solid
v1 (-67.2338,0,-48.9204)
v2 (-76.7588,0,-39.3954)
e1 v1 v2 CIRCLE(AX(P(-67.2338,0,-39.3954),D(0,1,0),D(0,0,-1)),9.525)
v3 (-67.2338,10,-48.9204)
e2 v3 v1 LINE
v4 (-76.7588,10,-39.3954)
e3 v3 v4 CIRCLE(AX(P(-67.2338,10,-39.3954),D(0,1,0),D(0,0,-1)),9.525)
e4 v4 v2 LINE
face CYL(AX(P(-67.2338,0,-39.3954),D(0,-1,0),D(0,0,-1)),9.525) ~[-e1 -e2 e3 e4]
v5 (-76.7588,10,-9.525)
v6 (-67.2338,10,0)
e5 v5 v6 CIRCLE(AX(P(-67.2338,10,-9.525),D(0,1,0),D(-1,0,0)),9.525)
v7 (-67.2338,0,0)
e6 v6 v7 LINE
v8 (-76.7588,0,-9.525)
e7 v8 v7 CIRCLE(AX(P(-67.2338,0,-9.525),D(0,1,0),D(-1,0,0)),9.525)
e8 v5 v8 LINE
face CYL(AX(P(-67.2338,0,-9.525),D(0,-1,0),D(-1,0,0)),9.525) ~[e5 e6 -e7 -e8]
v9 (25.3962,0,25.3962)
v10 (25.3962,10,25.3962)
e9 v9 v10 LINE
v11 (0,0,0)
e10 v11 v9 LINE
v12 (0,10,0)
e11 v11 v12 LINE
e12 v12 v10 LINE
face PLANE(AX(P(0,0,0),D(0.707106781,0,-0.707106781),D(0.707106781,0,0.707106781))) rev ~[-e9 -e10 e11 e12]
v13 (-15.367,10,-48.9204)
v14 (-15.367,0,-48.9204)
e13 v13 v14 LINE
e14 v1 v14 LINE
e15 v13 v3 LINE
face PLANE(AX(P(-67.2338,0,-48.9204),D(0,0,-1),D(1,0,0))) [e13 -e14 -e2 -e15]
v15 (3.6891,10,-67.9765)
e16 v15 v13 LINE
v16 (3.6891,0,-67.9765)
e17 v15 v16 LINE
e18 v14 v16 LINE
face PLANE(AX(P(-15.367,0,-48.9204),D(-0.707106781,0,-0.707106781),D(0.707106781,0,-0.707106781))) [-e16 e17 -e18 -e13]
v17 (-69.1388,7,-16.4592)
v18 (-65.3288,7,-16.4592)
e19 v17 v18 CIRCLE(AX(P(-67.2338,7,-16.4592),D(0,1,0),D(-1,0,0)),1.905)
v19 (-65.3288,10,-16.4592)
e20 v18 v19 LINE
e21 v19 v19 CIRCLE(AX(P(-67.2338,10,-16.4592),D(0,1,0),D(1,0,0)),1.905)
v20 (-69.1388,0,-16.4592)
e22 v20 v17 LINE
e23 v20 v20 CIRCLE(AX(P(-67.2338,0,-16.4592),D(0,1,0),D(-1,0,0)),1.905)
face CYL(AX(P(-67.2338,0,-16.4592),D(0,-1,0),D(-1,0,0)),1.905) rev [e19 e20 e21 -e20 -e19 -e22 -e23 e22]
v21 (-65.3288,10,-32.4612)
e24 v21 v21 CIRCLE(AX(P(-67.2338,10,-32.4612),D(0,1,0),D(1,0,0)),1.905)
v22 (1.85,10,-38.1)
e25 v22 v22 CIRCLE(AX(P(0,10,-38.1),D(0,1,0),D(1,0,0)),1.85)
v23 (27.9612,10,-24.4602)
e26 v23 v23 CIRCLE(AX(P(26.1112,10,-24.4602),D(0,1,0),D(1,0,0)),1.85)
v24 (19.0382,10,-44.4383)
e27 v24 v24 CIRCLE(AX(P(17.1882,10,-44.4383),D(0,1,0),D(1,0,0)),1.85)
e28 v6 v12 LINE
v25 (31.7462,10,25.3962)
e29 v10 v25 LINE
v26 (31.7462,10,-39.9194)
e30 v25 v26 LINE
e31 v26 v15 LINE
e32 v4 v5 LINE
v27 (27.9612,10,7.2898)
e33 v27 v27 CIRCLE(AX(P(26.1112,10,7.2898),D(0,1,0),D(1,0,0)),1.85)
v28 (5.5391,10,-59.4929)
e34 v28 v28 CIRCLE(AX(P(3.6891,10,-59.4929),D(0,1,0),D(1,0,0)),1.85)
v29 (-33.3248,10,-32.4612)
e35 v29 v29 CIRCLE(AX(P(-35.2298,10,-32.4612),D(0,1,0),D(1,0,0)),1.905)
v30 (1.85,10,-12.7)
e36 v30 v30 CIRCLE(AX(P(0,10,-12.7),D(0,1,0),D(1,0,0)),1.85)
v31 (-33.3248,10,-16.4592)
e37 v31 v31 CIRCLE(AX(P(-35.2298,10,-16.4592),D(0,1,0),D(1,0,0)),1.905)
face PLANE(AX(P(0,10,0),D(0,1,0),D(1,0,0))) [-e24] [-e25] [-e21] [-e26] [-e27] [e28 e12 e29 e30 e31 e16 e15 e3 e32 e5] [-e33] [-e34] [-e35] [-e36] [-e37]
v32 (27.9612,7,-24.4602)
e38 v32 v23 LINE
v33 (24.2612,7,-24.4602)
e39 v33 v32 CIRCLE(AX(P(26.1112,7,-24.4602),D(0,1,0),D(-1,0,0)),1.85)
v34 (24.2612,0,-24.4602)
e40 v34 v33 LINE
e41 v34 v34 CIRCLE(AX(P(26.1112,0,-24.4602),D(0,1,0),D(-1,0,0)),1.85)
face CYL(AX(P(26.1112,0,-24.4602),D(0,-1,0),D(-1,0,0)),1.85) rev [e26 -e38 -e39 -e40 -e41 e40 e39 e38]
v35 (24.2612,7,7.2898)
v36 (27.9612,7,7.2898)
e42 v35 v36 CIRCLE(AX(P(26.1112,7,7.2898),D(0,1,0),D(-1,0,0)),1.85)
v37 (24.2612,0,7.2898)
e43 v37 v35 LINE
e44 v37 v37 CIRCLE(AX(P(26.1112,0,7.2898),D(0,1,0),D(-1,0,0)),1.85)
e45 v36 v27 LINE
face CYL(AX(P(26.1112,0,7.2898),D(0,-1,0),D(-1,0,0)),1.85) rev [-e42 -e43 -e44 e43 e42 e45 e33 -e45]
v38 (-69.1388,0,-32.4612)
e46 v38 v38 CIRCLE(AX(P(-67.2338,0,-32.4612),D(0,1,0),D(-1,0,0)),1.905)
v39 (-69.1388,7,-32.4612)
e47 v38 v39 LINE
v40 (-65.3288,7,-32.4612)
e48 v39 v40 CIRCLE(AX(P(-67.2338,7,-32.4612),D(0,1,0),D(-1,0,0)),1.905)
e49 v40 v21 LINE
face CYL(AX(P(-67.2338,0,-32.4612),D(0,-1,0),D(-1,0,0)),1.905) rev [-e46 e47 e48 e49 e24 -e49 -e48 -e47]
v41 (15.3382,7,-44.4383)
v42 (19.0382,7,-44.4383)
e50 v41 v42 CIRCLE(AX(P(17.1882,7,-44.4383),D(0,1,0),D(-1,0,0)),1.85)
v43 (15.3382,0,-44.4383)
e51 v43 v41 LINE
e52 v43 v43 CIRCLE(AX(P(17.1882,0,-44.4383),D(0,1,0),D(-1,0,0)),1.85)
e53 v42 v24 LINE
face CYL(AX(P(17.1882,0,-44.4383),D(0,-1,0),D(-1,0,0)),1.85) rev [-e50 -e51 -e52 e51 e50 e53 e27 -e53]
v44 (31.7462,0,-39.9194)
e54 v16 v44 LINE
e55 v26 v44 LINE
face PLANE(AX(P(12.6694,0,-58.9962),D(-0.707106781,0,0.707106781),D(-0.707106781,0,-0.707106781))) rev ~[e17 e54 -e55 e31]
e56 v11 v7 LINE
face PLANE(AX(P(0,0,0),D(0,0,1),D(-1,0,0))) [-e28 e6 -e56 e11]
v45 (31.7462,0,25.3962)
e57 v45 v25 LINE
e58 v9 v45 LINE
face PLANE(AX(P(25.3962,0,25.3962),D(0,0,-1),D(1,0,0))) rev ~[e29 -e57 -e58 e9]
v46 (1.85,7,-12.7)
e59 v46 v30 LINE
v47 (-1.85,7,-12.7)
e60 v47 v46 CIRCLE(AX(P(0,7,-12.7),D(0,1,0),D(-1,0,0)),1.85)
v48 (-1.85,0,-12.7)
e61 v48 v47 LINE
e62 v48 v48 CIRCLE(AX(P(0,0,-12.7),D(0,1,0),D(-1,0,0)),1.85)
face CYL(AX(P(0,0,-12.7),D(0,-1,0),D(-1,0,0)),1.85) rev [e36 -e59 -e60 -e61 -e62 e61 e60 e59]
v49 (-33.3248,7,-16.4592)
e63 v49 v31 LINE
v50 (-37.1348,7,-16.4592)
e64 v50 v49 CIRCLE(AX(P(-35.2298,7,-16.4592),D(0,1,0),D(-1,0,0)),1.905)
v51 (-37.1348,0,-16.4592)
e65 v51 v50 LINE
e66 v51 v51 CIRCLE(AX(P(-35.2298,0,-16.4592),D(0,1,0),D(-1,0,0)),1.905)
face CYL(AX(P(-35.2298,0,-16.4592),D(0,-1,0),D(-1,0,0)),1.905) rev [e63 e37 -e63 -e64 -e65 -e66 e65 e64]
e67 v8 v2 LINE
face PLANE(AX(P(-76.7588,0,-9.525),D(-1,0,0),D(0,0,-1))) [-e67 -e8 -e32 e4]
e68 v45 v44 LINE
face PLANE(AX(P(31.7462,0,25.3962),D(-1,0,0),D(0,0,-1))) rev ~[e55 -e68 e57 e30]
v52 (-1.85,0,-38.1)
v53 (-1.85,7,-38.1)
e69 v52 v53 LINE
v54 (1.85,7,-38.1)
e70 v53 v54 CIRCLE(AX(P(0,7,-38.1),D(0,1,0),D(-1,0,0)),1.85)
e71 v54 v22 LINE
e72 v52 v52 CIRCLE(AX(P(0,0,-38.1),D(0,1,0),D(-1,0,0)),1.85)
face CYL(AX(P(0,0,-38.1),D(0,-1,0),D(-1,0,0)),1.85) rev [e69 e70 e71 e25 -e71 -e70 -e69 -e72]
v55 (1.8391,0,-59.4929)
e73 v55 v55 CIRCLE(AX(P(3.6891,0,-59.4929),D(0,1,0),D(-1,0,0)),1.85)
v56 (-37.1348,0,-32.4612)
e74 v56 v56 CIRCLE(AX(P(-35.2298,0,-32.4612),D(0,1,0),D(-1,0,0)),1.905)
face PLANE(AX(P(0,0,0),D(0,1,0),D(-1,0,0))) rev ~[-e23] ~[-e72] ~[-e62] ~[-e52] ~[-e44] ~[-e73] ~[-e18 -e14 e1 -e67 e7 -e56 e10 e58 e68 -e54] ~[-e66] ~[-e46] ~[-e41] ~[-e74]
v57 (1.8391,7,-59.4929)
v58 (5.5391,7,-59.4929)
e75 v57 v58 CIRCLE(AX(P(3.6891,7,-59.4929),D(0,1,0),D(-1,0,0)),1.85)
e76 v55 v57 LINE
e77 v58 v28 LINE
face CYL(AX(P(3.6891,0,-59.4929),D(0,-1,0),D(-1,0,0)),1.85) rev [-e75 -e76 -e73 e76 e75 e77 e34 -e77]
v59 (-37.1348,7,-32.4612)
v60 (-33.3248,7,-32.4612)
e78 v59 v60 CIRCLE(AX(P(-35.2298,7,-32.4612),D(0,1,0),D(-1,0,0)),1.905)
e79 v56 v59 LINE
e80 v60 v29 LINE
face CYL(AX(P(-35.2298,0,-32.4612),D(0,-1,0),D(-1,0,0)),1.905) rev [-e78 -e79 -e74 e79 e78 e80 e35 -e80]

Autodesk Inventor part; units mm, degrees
ref_plane "YZ Plane" through (0, 0, 0) normal (1, 0, 0) x (0, 1, 0)
ref_plane "XZ Plane" through (0, 0, 0) normal (0, 1, 0) x (-1, 0, 0)
ref_plane "XY Plane" through (0, 0, 0) normal (0, 0, 1) x (1, 0, 0)
sketch "Sketch1" plane through (0, 0, 0) normal (0, 1, 0) x (-1, 0, 0)
  line L0 (0, 0) -> (67.2338, 0)
  arc A0 (76.7588, -9.525) -> (67.2338, 0) centre (67.2338, -9.525) ccw
  arc A1 (67.2338, -48.9204) -> (76.7588, -39.3954) centre (67.2338, -39.3954) ccw
  line L1 (76.7588, -9.525) -> (76.7588, -39.3954)
  line L2 (67.2338, -48.9204) -> (15.367, -48.9204)
  line L3 (15.367, -48.9204) -> (-3.6891, -67.9765)
  line L4 (0, 0) -> (-25.3962, 25.3962)
  circle A2 centre (35.2298, -16.4592) radius 1.905
  circle A3 centre (35.2298, -32.4612) radius 1.905
  circle A4 centre (67.2338, -32.4612) radius 1.905
  circle A5 centre (67.2338, -16.4592) radius 1.905
  circle A6 centre (-26.1112, -24.4602) radius 1.85
  circle A7 centre (-26.1112, 7.2898) radius 1.85
  line L5 (-25.3962, 25.3962) -> (-31.7462, 25.3962)
  line L6 (-31.7462, 25.3962) -> (-31.7462, -39.9194)
  line L7 (-31.7462, -39.9194) -> (-3.6891, -67.9765)
  circle A8 centre (0, -12.7) radius 1.85
  circle A9 centre (0, -38.1) radius 1.85
  line L8 (-3.6891, -67.9765) -> (-12.6694, -58.9962)
  circle A10 centre (-3.6891, -59.4929) radius 1.85
  circle A11 centre (-17.1882, -44.4383) radius 1.85
  dimension "d21" = 6.35
extrude "Extrusion1" add sketch "Sketch1" along normal blind 7
sketch "Sketch2" plane through (0, 7, 0) normal (0, 1, 0) x (1, 0, 0)
  line L0 (0, 0) -> (25.3962, -25.3962) projected
  line L1 (0, 0) -> (25.3962, -25.3962)
  line L2 (25.3962, -25.3962) -> (31.7462, -25.3962) projected
  line L3 (25.3962, -25.3962) -> (31.7462, -25.3962)
  line L4 (31.7462, -25.3962) -> (31.7462, 39.9194) projected
  line L5 (31.7462, -25.3962) -> (31.7462, 39.9194)
  line L6 (3.6891, 67.9765) -> (-15.367, 48.9204) projected
  line L7 (31.7462, 39.9194) -> (3.6891, 67.9765)
  line L8 (3.6891, 67.9765) -> (-15.367, 48.9204)
  arc A0 (-67.2338, 48.9204) -> (-76.7588, 39.3954) centre (-67.2338, 39.3954) ccw projected
  line L9 (-15.367, 48.9204) -> (-67.2338, 48.9204)
  line L10 (-67.2338, 0) -> (0, 0) projected
  line L11 (0, 0) -> (-67.2338, 0)
  arc A1 (-67.2338, 48.9204) -> (-76.7588, 39.3954) centre (-67.2338, 39.3954) ccw
  arc A2 (-76.7588, 9.525) -> (-67.2338, 0) centre (-67.2338, 9.525) ccw projected
  arc A3 (-76.7588, 9.525) -> (-67.2338, 0) centre (-67.2338, 9.525) ccw
  line L12 (-76.7588, 39.3954) -> (-76.7588, 9.525) projected
  line L13 (-76.7588, 39.3954) -> (-76.7588, 9.525)
  circle A4 centre (3.6891, 59.4929) radius 1.85 projected
  circle A5 centre (3.6891, 59.4929) radius 1.85
  circle A6 centre (0, 38.1) radius 1.85 projected
  circle A7 centre (0, 38.1) radius 1.85
  circle A8 centre (17.1882, 44.4383) radius 1.85 projected
  circle A9 centre (17.1882, 44.4383) radius 1.85
  circle A10 centre (26.1112, 24.4602) radius 1.85 projected
  circle A11 centre (26.1112, 24.4602) radius 1.85
  circle A12 centre (26.1112, -7.2898) radius 1.85 projected
  circle A13 centre (26.1112, -7.2898) radius 1.85
  circle A14 centre (0, 12.7) radius 1.85 projected
  circle A15 centre (0, 12.7) radius 1.85
  circle A16 centre (-35.2298, 16.4592) radius 1.905 projected
  circle A17 centre (-35.2298, 16.4592) radius 1.905
  circle A18 centre (-35.2298, 32.4612) radius 1.905 projected
  circle A19 centre (-35.2298, 32.4612) radius 1.905
  circle A20 centre (-67.2338, 32.4612) radius 1.905 projected
  circle A21 centre (-67.2338, 32.4612) radius 1.905
  circle A22 centre (-67.2338, 16.4592) radius 1.905 projected
  circle A23 centre (-67.2338, 16.4592) radius 1.905
extrude "Extrusion2" add sketch "Sketch2" along normal blind 3
properties part number "MotorSuspension"
